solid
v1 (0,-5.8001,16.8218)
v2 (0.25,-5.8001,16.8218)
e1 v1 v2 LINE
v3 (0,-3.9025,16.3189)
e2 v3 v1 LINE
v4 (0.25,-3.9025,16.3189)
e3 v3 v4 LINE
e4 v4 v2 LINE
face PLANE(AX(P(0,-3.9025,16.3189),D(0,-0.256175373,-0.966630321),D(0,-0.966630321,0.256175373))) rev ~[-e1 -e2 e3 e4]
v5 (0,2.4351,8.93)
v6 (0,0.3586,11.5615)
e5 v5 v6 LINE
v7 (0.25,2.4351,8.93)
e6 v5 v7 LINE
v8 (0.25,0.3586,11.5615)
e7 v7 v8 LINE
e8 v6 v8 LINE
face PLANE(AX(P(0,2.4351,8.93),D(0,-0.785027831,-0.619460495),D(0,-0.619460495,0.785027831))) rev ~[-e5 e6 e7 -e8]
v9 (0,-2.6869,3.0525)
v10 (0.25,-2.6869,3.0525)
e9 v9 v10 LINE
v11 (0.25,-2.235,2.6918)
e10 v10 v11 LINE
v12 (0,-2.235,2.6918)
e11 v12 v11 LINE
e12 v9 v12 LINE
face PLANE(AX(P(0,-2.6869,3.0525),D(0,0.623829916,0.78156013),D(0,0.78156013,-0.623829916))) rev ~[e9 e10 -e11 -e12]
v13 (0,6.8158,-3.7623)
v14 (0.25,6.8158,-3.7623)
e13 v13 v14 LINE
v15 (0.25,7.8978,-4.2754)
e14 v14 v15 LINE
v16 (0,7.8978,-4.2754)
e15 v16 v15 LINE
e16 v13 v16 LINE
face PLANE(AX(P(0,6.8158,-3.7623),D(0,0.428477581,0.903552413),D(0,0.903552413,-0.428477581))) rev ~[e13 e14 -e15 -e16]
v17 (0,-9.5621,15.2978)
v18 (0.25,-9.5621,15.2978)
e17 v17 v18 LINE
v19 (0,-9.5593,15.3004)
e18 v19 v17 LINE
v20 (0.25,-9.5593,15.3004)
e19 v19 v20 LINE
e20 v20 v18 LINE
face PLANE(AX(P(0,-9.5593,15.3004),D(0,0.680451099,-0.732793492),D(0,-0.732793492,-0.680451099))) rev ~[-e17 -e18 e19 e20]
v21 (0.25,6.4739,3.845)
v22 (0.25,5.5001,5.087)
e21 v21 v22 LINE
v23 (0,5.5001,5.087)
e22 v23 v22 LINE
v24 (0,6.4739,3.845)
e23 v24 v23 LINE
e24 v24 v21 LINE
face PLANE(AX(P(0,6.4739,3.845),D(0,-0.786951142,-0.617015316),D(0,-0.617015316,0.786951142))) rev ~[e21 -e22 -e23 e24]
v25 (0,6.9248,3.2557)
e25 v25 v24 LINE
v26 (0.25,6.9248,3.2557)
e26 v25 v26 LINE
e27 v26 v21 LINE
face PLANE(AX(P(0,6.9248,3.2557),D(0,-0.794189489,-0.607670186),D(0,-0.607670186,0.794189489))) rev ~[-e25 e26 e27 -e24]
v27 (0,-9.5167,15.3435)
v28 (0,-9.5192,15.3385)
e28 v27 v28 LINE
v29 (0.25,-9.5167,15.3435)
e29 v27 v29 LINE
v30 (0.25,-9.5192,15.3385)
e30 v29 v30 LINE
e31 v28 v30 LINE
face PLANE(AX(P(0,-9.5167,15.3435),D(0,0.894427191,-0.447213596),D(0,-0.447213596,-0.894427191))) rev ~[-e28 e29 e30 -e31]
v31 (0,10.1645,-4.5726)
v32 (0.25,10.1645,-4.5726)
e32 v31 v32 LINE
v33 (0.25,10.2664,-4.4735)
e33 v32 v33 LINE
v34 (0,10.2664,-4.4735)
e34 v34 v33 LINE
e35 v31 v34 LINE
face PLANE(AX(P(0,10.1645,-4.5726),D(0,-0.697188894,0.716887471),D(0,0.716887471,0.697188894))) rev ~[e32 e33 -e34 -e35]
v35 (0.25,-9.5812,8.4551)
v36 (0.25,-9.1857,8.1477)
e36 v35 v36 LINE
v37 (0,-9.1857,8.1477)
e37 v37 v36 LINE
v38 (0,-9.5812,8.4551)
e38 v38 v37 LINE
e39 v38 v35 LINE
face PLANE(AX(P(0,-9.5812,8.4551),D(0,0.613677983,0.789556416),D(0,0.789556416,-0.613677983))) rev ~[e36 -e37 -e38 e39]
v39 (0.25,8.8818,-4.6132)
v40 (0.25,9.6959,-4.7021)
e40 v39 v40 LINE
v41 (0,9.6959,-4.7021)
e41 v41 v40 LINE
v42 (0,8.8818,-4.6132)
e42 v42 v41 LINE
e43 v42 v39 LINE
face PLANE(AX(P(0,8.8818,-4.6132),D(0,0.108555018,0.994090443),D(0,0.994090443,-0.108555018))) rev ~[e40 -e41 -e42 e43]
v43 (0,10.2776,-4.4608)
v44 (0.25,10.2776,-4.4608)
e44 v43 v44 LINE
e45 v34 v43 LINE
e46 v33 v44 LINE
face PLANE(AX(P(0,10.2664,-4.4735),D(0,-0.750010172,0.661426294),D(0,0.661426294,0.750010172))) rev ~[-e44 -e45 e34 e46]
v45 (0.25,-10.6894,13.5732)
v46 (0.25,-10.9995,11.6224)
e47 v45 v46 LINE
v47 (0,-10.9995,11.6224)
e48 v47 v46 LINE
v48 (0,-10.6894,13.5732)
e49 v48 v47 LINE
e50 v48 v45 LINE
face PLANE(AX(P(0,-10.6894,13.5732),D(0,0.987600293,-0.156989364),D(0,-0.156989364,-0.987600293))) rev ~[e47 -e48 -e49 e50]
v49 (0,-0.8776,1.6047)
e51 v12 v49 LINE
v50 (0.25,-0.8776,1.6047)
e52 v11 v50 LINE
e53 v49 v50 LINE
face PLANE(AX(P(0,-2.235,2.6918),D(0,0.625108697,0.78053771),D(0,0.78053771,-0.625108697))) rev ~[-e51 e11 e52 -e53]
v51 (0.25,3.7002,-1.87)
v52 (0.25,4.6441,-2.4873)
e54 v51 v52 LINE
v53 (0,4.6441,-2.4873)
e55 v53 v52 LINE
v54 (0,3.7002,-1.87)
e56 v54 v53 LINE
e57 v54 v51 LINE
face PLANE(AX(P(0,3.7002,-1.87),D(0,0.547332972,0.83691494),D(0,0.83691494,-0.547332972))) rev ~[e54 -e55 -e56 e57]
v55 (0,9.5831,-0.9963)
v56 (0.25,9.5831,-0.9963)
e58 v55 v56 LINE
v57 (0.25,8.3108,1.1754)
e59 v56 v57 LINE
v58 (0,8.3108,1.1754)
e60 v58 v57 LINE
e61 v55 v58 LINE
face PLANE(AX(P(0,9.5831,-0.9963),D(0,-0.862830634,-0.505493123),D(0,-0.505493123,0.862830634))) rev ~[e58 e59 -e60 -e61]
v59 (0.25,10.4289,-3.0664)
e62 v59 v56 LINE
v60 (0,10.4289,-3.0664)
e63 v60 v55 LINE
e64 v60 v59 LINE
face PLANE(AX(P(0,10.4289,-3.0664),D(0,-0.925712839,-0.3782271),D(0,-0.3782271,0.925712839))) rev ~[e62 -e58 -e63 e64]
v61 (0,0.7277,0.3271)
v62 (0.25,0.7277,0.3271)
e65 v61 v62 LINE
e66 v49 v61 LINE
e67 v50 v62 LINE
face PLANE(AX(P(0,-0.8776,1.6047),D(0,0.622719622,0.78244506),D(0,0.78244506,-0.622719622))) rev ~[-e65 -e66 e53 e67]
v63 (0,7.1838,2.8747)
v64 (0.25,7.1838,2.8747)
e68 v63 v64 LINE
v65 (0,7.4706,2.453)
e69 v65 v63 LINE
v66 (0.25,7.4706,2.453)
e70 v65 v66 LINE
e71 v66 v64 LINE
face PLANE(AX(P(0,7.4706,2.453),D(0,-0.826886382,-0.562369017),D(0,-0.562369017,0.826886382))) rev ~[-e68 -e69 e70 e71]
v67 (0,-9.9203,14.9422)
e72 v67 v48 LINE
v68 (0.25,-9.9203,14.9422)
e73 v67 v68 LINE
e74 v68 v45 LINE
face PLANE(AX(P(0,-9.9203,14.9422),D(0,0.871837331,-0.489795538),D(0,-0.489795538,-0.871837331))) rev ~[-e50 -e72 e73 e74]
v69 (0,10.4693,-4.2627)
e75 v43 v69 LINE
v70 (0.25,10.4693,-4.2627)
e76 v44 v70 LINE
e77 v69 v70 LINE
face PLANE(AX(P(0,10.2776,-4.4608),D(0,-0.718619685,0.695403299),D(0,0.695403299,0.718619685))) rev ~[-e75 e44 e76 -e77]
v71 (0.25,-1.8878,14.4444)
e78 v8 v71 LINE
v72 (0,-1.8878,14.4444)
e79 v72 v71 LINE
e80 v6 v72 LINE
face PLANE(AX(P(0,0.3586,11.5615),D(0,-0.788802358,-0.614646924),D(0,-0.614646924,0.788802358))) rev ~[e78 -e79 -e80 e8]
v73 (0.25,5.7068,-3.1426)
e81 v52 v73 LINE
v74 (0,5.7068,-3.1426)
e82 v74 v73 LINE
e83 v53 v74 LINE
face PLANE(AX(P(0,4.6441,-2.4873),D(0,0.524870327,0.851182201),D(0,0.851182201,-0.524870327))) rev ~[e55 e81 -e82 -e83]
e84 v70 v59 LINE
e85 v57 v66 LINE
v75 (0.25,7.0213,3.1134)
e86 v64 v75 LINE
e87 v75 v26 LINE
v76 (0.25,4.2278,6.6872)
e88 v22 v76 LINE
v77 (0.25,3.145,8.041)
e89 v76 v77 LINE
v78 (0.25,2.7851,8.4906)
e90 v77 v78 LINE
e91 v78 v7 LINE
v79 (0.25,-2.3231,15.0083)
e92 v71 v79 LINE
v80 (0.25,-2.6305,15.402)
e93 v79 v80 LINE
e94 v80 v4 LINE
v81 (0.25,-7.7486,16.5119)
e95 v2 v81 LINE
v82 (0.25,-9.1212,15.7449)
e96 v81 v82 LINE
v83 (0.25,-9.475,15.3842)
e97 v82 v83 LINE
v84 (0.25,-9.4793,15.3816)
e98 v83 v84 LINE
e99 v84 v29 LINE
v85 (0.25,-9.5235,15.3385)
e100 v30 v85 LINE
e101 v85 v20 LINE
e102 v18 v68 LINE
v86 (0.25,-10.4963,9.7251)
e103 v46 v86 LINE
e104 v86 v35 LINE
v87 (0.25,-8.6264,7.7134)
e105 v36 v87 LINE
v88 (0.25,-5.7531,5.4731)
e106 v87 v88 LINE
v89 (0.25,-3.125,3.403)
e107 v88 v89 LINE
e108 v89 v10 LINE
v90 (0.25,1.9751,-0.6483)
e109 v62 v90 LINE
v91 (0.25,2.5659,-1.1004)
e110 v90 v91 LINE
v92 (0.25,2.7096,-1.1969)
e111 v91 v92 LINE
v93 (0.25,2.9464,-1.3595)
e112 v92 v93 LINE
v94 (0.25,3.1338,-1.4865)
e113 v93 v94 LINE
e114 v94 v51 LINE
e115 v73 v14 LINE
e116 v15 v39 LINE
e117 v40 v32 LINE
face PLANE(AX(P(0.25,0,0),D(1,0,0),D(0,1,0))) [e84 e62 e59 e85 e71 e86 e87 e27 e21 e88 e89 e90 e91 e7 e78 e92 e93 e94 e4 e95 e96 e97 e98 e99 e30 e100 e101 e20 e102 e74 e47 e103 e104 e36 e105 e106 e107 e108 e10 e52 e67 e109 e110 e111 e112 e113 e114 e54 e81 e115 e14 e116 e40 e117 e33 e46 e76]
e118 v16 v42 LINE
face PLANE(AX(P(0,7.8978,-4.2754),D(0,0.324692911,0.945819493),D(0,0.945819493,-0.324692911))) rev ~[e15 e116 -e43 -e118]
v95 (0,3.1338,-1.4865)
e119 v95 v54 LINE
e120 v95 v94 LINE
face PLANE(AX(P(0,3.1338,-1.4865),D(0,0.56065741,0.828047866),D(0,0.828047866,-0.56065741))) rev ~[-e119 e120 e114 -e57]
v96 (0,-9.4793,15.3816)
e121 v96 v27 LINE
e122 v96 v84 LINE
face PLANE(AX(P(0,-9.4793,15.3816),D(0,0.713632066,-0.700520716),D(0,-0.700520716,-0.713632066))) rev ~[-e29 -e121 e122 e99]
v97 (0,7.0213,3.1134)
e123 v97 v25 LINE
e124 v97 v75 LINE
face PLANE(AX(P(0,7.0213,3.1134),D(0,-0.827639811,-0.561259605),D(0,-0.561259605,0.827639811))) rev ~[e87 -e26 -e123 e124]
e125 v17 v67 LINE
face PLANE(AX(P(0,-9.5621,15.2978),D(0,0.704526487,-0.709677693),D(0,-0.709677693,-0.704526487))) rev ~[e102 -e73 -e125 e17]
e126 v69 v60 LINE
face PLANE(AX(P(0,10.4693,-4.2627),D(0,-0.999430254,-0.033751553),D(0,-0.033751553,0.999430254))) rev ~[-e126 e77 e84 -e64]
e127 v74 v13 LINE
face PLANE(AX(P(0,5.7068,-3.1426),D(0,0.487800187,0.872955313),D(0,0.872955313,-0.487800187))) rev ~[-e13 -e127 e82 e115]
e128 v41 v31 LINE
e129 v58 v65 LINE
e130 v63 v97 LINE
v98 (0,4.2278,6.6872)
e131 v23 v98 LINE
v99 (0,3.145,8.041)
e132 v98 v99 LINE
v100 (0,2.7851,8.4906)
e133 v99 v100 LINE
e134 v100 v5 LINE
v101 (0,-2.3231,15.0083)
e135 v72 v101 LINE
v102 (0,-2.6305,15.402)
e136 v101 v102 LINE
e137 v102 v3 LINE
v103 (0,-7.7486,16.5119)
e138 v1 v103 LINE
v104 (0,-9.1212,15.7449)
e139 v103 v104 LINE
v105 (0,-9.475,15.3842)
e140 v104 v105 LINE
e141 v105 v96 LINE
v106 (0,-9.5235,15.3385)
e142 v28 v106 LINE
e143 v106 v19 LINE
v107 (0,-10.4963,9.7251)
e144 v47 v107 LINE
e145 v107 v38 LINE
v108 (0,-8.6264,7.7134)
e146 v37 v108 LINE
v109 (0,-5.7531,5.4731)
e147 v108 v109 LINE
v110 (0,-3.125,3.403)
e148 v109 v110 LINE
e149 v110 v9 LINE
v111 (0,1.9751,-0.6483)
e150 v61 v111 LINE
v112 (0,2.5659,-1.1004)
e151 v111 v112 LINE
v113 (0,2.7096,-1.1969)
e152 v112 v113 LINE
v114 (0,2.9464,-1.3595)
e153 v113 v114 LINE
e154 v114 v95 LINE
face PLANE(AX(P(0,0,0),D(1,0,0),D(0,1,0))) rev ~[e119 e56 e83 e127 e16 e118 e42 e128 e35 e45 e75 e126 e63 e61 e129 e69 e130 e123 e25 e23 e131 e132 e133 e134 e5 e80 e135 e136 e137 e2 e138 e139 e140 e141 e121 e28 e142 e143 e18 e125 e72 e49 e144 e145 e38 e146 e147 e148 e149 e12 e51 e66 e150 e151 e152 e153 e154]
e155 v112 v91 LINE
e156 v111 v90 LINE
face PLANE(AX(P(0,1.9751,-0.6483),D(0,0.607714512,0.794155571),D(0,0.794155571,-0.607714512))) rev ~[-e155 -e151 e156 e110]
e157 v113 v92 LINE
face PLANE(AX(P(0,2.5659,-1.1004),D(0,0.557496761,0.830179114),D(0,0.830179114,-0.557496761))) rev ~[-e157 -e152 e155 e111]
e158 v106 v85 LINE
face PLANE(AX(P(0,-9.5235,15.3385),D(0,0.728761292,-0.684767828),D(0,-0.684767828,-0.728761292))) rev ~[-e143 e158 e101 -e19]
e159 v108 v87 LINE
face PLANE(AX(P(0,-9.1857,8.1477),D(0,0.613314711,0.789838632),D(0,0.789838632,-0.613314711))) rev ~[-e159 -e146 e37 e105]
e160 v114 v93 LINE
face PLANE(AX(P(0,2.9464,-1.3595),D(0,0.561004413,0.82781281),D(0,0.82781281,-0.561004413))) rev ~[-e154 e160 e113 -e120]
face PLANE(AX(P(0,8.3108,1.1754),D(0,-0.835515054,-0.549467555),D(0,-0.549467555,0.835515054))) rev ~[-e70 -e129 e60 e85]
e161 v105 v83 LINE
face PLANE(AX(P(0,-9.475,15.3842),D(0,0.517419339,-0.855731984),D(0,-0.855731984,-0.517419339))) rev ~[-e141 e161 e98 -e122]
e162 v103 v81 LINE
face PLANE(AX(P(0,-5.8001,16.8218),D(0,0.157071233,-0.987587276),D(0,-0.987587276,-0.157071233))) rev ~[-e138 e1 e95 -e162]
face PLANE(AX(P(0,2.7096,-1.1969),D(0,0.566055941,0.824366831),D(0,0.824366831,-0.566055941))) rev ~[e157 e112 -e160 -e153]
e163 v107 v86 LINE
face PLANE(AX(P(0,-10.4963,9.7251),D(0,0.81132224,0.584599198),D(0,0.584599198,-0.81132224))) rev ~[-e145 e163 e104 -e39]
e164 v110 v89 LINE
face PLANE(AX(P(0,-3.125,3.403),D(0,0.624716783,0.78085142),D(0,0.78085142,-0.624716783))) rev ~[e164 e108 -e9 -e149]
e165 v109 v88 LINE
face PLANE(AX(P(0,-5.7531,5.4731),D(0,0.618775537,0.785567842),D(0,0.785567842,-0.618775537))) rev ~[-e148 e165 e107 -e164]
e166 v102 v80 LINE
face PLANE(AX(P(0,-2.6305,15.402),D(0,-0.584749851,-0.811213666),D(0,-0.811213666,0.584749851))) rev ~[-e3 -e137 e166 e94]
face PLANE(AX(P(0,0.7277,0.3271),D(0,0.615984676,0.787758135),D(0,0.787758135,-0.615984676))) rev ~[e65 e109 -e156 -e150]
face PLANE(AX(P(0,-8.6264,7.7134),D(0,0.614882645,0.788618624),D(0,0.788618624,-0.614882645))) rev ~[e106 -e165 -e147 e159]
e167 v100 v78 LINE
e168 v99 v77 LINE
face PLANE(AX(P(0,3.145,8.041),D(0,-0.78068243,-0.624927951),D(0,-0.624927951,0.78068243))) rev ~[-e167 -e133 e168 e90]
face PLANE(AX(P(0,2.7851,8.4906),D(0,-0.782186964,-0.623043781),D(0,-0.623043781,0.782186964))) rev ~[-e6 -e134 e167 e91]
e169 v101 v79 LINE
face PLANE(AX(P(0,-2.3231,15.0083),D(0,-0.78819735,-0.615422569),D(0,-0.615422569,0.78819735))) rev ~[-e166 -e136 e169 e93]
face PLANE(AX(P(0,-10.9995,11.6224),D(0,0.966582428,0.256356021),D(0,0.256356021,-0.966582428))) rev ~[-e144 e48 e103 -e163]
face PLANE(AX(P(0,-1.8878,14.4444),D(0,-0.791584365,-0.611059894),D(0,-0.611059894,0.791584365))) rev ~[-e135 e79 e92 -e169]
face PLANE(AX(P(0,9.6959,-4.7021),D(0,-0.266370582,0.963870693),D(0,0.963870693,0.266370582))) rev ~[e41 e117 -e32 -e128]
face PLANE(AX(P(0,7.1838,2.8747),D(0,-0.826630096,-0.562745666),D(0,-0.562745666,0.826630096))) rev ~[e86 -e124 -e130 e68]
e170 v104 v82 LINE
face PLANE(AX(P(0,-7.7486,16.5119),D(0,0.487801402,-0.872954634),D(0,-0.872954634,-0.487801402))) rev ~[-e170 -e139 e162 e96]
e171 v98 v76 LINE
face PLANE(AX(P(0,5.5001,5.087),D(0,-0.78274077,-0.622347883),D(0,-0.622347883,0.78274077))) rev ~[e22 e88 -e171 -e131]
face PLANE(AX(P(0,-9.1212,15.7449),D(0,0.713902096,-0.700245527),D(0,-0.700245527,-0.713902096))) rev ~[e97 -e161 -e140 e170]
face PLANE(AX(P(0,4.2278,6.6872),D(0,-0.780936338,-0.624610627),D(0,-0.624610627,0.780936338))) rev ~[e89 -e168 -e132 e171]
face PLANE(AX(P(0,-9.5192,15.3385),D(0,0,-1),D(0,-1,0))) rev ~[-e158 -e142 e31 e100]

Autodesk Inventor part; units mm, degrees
ref_plane "YZ Plane" through (0, 0, 0) normal (1, 0, 0) x (0, 1, 0)
ref_plane "XZ Plane" through (0, 0, 0) normal (0, 1, 0) x (-1, 0, 0)
ref_plane "XY Plane" through (0, 0, 0) normal (0, 0, 1) x (1, 0, 0)
sketch "Sketch1" plane through (0, 0, 0) normal (1, 0, 0) x (0, 1, 0)
  line L0 (11.5153, 6.5399) -> (13.2626, 6.1589)
  line L1 (-9.5192, 15.3385) -> (-9.5235, 15.3385)
  line L2 (-9.5235, 15.3385) -> (-9.5593, 15.3004)
  line L3 (-9.5593, 15.3004) -> (-9.5621, 15.2978)
  line L4 (-9.5621, 15.2978) -> (-9.9203, 14.9422)
  line L5 (-9.9203, 14.9422) -> (-10.6894, 13.5732)
  line L6 (-10.6894, 13.5732) -> (-10.9995, 11.6224)
  line L7 (-10.9995, 11.6224) -> (-10.4963, 9.7251)
  line L8 (-10.4963, 9.7251) -> (-9.5812, 8.4551)
  line L9 (-9.5812, 8.4551) -> (-9.1857, 8.1477)
  line L10 (-9.1857, 8.1477) -> (-8.6264, 7.7134)
  line L11 (-8.6264, 7.7134) -> (-5.7531, 5.4731)
  line L12 (-5.7531, 5.4731) -> (-3.125, 3.403)
  line L13 (-3.125, 3.403) -> (-2.6869, 3.0525)
  line L14 (-2.6869, 3.0525) -> (-2.235, 2.6918)
  line L15 (-2.235, 2.6918) -> (-0.8776, 1.6047)
  line L16 (-0.8776, 1.6047) -> (0.7277, 0.3271)
  line L17 (0.7277, 0.3271) -> (1.9751, -0.6483)
  line L18 (1.9751, -0.6483) -> (2.5659, -1.1004)
  line L19 (2.5659, -1.1004) -> (2.7096, -1.1969)
  line L20 (2.7096, -1.1969) -> (2.9464, -1.3595)
  line L21 (2.9464, -1.3595) -> (3.1338, -1.4865)
  line L22 (3.1338, -1.4865) -> (3.7002, -1.87)
  line L23 (3.7002, -1.87) -> (4.6441, -2.4873)
  line L24 (4.6441, -2.4873) -> (5.7068, -3.1426)
  line L25 (5.7068, -3.1426) -> (6.8158, -3.7623)
  line L26 (6.8158, -3.7623) -> (7.8978, -4.2754)
  line L27 (7.8978, -4.2754) -> (8.8818, -4.6132)
  line L28 (8.8818, -4.6132) -> (9.6959, -4.7021)
  line L29 (9.6959, -4.7021) -> (10.1645, -4.5726)
  line L30 (10.1645, -4.5726) -> (10.2664, -4.4735)
  line L31 (10.2664, -4.4735) -> (10.2776, -4.4608)
  line L32 (10.2776, -4.4608) -> (10.4693, -4.2627)
  line L33 (10.4693, -4.2627) -> (10.4289, -3.0664)
  line L34 (10.4289, -3.0664) -> (9.5831, -0.9963)
  line L35 (9.5831, -0.9963) -> (8.3108, 1.1754)
  line L36 (8.3108, 1.1754) -> (7.4706, 2.453)
  line L37 (7.4706, 2.453) -> (7.1838, 2.8747)
  line L38 (7.1838, 2.8747) -> (7.0213, 3.1134)
  line L39 (7.0213, 3.1134) -> (6.9248, 3.2557)
  line L40 (6.9248, 3.2557) -> (6.4739, 3.845)
  line L41 (6.4739, 3.845) -> (5.5001, 5.087)
  line L42 (5.5001, 5.087) -> (4.2278, 6.6872)
  line L43 (4.2278, 6.6872) -> (3.145, 8.041)
  line L44 (3.145, 8.041) -> (2.7851, 8.4906)
  line L45 (2.7851, 8.4906) -> (2.4351, 8.93)
  line L46 (2.4351, 8.93) -> (0.3586, 11.5615)
  line L47 (0.3586, 11.5615) -> (-1.8878, 14.4444)
  line L48 (-1.8878, 14.4444) -> (-2.3231, 15.0083)
  line L49 (-2.3231, 15.0083) -> (-2.6305, 15.402)
  line L50 (-2.6305, 15.402) -> (-3.9025, 16.3189)
  line L51 (-3.9025, 16.3189) -> (-5.8001, 16.8218)
  line L52 (-5.8001, 16.8218) -> (-7.7486, 16.5119)
  line L53 (-7.7486, 16.5119) -> (-9.1212, 15.7449)
  line L54 (-9.1212, 15.7449) -> (-9.475, 15.3842)
  line L55 (-9.475, 15.3842) -> (-9.4793, 15.3816)
  line L56 (-9.4793, 15.3816) -> (-9.5167, 15.3435)
  line L57 (-9.5167, 15.3435) -> (-9.5192, 15.3385)
extrude "Extrusion27" add sketch "Sketch1" along normal blind 0.25
sketch "Sketch7" plane through (0, 0, 0) normal (-1, 0, 0) x (0, 0, 1)
  circle A0 centre (11.7567, -6.0872) radius 5
  circle A1 centre (11.7567, -6.0872) radius 0.5
  point P0 (0, 0)
  dimension "d91" = 10
  dimension "d92" = 1
extrude "Extrusion30" [suppressed]
properties part number "Sticker7"
